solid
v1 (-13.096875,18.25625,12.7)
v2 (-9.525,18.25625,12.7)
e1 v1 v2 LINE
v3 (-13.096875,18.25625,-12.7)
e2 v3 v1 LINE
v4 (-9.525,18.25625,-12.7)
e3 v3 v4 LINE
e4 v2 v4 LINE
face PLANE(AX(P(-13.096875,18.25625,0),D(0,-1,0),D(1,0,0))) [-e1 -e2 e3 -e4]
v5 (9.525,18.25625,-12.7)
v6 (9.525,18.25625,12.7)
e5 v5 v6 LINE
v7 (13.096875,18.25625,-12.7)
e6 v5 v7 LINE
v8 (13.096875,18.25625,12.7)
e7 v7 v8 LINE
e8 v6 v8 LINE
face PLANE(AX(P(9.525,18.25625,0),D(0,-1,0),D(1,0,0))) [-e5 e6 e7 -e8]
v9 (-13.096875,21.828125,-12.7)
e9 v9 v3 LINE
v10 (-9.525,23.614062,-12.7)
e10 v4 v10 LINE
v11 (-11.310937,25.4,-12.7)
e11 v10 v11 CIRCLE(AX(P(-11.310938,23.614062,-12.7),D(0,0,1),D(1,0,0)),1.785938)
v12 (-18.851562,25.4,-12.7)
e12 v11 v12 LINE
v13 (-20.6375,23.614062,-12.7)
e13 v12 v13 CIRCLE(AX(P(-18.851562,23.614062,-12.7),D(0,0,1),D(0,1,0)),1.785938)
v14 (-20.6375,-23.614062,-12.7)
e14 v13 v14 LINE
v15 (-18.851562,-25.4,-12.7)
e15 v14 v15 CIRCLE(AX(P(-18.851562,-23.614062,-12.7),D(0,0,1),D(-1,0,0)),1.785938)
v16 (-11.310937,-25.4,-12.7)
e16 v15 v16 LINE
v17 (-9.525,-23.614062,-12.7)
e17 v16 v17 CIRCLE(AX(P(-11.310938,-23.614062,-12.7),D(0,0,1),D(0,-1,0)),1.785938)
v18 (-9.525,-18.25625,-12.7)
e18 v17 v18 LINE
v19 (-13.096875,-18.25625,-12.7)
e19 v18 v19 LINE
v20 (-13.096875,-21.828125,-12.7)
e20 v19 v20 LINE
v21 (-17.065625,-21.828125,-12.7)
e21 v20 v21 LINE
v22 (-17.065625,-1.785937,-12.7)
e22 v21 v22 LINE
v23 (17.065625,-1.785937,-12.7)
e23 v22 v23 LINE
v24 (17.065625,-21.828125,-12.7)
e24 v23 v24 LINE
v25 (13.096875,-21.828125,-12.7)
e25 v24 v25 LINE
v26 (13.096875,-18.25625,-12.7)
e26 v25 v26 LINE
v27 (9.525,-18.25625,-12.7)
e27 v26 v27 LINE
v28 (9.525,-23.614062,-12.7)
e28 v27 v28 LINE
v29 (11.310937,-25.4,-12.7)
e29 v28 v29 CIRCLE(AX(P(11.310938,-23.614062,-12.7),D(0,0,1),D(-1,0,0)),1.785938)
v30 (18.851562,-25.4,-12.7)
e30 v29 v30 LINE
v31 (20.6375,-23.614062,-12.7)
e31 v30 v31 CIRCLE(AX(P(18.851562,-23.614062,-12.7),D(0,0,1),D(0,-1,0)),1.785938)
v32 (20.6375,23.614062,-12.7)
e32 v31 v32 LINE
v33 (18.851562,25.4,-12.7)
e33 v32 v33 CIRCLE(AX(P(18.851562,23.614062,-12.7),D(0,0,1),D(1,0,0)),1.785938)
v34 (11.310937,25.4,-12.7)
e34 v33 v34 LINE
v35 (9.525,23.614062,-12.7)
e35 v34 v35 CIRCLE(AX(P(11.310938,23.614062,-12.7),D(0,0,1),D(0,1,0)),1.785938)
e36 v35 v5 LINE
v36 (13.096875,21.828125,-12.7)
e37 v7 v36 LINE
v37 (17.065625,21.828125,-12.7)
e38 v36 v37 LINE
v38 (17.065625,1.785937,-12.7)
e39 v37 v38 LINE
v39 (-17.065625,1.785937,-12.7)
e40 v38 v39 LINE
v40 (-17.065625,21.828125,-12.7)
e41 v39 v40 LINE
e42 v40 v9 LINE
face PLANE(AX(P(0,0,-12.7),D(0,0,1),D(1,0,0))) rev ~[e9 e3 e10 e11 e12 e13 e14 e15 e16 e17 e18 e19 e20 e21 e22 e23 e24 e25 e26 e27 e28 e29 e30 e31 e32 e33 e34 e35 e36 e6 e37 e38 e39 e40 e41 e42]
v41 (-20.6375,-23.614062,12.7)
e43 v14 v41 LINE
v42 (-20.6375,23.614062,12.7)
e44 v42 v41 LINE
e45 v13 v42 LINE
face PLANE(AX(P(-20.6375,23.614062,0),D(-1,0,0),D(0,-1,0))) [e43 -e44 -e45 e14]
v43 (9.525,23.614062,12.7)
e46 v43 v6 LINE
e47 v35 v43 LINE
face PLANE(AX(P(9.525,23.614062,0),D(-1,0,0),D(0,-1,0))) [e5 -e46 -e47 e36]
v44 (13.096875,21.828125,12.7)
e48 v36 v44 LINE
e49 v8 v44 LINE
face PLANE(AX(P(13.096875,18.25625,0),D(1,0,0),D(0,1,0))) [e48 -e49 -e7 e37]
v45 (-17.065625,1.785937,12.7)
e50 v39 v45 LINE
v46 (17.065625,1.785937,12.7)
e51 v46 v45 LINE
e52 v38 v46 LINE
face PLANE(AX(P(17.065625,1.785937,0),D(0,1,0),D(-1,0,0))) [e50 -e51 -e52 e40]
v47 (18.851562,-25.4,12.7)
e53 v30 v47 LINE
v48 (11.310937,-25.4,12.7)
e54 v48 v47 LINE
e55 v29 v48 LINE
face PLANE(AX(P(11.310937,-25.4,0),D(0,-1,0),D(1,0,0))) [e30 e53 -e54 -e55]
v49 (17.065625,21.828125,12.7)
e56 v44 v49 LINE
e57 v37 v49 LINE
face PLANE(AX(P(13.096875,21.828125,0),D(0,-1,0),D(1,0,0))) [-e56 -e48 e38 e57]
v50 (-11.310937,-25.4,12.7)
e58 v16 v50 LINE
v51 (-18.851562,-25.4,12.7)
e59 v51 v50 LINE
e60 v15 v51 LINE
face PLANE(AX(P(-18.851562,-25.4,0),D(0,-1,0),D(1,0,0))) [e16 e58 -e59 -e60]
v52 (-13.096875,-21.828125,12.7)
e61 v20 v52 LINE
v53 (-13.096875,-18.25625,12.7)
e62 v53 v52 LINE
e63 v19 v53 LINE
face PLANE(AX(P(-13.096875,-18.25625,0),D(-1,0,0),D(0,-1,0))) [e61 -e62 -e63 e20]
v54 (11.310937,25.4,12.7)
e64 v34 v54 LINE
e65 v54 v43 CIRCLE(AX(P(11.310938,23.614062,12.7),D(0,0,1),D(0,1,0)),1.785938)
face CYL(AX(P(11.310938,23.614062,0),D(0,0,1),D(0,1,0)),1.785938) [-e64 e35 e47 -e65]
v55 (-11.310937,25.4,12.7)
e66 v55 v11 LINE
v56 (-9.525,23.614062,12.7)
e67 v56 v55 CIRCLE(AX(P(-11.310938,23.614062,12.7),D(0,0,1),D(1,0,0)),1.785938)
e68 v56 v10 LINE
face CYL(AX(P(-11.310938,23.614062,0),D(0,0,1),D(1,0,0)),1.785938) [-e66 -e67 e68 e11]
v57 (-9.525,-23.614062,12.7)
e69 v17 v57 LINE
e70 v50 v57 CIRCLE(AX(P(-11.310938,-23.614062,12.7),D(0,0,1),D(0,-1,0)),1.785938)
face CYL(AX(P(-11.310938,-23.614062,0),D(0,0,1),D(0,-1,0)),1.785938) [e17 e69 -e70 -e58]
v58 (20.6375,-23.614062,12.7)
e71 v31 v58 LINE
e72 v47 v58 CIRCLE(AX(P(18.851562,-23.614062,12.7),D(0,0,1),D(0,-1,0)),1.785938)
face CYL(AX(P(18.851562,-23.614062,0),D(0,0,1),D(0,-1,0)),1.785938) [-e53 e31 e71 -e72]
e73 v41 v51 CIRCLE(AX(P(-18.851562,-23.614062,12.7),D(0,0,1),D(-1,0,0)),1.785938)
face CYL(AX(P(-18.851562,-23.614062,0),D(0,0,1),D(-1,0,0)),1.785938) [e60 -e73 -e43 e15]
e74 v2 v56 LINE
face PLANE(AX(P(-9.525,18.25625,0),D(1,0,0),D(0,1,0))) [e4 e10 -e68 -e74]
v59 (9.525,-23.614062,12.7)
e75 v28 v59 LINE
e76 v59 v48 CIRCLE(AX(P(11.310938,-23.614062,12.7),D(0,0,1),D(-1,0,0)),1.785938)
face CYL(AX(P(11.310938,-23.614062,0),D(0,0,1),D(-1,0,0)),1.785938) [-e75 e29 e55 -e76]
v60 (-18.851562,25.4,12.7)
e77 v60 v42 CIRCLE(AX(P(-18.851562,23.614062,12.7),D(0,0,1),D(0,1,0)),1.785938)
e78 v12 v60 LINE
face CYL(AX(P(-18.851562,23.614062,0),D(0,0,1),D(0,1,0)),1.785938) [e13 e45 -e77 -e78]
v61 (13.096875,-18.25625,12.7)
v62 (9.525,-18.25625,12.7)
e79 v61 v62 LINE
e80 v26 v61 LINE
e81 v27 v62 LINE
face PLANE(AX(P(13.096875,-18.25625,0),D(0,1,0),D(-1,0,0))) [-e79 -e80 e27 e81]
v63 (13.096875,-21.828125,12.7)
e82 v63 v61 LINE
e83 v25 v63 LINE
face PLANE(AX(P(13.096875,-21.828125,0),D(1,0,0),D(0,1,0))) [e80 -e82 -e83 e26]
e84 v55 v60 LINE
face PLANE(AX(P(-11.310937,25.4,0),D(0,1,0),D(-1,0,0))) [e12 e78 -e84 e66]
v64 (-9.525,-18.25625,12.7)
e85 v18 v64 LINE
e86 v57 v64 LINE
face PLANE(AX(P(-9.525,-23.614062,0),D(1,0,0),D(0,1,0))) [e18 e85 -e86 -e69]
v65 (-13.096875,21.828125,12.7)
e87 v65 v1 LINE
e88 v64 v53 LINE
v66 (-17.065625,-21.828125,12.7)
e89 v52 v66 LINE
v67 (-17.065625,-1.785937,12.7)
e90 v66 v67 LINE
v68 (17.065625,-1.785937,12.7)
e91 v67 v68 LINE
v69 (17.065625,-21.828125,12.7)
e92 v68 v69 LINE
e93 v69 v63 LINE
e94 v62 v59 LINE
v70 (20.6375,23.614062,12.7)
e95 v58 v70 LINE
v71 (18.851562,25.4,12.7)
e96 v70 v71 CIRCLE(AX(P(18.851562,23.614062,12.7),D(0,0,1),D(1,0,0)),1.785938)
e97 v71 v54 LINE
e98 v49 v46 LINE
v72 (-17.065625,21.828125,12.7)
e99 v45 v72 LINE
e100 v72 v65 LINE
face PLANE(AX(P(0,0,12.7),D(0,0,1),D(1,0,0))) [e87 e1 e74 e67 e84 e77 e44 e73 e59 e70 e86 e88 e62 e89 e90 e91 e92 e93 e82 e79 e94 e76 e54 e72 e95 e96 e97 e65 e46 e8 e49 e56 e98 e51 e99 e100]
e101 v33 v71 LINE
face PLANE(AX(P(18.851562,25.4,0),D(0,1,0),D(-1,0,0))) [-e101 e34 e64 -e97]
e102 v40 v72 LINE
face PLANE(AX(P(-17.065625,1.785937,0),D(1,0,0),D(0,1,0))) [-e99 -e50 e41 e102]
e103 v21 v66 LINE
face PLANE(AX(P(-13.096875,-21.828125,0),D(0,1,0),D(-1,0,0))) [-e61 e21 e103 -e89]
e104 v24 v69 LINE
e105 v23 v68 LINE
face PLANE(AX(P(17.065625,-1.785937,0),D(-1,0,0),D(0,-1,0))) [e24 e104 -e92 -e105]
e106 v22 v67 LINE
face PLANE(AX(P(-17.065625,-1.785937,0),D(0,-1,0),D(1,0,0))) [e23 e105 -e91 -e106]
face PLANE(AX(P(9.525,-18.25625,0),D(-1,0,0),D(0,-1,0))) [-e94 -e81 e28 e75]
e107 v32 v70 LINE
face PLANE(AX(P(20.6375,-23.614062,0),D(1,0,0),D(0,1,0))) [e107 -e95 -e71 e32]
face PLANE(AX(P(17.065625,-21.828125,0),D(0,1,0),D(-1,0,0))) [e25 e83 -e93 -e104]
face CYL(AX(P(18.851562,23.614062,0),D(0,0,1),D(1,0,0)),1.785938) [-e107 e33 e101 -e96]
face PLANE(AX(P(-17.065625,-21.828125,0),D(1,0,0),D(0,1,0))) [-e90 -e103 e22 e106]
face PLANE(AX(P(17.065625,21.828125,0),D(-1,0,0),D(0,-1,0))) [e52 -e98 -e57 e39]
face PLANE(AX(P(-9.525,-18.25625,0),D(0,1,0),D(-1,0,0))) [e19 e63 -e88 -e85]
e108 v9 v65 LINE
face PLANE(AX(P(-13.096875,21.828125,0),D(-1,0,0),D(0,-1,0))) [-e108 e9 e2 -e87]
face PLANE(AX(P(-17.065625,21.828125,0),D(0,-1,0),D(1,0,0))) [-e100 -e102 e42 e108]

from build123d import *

# Parameters (mm, degrees)
BASE_EXTRUDE_DEPTH = 12.7


with BuildPart() as part:
    # Sketch1 → Base-Extrude (new, symmetric)
    with BuildSketch(Plane.XY):
        with BuildLine():
            Line((-11.3109375, 25.4), (-18.8515625, 25.4))
            ThreePointArc((-18.8515625, 25.4), (-20.114411017, 24.876911017), (-20.6375, 23.6140625))
            Line((-20.6375, 23.6140625), (-20.6375, -23.6140625))
            ThreePointArc((-20.6375, -23.6140625), (-20.114411017, -24.876911017), (-18.8515625, -25.4))
            Line((-18.8515625, -25.4), (-11.3109375, -25.4))
            ThreePointArc((-11.3109375, -25.4), (-10.048088983, -24.876911017), (-9.525, -23.6140625))
            Line((-9.525, -23.6140625), (-9.525, -18.25625))
            Line((-9.525, -18.25625), (-13.096875, -18.25625))
            Line((-13.096875, -18.25625), (-13.096875, -21.828125))
            Line((-13.096875, -21.828125), (-17.065625, -21.828125))
            Line((-17.065625, -21.828125), (-17.065625, -1.7859375))
            Line((-17.065625, -1.7859375), (17.065625, -1.7859375))
            Line((17.065625, -1.7859375), (17.065625, -21.828125))
            Line((17.065625, -21.828125), (13.096875, -21.828125))
            Line((13.096875, -21.828125), (13.096875, -18.25625))
            Line((13.096875, -18.25625), (9.525, -18.25625))
            Line((9.525, -18.25625), (9.525, -23.6140625))
            ThreePointArc((9.525, -23.6140625), (10.048088983, -24.876911017), (11.3109375, -25.4))
            Line((11.3109375, -25.4), (18.8515625, -25.4))
            ThreePointArc((18.8515625, -25.4), (20.114411017, -24.876911017), (20.6375, -23.6140625))
            Line((20.6375, -23.6140625), (20.6375, 23.6140625))
            ThreePointArc((20.6375, 23.6140625), (20.114411017, 24.876911017), (18.8515625, 25.4))
            Line((18.8515625, 25.4), (11.3109375, 25.4))
            ThreePointArc((11.3109375, 25.4), (10.048088983, 24.876911017), (9.525, 23.6140625))
            Line((9.525, 23.6140625), (9.525, 18.25625))
            Line((9.525, 18.25625), (13.096875, 18.25625))
            Line((13.096875, 18.25625), (13.096875, 21.828125))
            Line((13.096875, 21.828125), (17.065625, 21.828125))
            Line((17.065625, 21.828125), (17.065625, 1.7859375))
            Line((17.065625, 1.7859375), (-17.065625, 1.7859375))
            Line((-17.065625, 1.7859375), (-17.065625, 21.828125))
            Line((-17.065625, 21.828125), (-13.096875, 21.828125))
            Line((-13.096875, 21.828125), (-13.096875, 18.25625))
            Line((-13.096875, 18.25625), (-9.525, 18.25625))
            Line((-9.525, 18.25625), (-9.525, 23.6140625))
            ThreePointArc((-9.525, 23.6140625), (-10.048088983, 24.876911017), (-11.3109375, 25.4))
        make_face()
    extrude(amount=BASE_EXTRUDE_DEPTH, both=True)


solid = part.part
